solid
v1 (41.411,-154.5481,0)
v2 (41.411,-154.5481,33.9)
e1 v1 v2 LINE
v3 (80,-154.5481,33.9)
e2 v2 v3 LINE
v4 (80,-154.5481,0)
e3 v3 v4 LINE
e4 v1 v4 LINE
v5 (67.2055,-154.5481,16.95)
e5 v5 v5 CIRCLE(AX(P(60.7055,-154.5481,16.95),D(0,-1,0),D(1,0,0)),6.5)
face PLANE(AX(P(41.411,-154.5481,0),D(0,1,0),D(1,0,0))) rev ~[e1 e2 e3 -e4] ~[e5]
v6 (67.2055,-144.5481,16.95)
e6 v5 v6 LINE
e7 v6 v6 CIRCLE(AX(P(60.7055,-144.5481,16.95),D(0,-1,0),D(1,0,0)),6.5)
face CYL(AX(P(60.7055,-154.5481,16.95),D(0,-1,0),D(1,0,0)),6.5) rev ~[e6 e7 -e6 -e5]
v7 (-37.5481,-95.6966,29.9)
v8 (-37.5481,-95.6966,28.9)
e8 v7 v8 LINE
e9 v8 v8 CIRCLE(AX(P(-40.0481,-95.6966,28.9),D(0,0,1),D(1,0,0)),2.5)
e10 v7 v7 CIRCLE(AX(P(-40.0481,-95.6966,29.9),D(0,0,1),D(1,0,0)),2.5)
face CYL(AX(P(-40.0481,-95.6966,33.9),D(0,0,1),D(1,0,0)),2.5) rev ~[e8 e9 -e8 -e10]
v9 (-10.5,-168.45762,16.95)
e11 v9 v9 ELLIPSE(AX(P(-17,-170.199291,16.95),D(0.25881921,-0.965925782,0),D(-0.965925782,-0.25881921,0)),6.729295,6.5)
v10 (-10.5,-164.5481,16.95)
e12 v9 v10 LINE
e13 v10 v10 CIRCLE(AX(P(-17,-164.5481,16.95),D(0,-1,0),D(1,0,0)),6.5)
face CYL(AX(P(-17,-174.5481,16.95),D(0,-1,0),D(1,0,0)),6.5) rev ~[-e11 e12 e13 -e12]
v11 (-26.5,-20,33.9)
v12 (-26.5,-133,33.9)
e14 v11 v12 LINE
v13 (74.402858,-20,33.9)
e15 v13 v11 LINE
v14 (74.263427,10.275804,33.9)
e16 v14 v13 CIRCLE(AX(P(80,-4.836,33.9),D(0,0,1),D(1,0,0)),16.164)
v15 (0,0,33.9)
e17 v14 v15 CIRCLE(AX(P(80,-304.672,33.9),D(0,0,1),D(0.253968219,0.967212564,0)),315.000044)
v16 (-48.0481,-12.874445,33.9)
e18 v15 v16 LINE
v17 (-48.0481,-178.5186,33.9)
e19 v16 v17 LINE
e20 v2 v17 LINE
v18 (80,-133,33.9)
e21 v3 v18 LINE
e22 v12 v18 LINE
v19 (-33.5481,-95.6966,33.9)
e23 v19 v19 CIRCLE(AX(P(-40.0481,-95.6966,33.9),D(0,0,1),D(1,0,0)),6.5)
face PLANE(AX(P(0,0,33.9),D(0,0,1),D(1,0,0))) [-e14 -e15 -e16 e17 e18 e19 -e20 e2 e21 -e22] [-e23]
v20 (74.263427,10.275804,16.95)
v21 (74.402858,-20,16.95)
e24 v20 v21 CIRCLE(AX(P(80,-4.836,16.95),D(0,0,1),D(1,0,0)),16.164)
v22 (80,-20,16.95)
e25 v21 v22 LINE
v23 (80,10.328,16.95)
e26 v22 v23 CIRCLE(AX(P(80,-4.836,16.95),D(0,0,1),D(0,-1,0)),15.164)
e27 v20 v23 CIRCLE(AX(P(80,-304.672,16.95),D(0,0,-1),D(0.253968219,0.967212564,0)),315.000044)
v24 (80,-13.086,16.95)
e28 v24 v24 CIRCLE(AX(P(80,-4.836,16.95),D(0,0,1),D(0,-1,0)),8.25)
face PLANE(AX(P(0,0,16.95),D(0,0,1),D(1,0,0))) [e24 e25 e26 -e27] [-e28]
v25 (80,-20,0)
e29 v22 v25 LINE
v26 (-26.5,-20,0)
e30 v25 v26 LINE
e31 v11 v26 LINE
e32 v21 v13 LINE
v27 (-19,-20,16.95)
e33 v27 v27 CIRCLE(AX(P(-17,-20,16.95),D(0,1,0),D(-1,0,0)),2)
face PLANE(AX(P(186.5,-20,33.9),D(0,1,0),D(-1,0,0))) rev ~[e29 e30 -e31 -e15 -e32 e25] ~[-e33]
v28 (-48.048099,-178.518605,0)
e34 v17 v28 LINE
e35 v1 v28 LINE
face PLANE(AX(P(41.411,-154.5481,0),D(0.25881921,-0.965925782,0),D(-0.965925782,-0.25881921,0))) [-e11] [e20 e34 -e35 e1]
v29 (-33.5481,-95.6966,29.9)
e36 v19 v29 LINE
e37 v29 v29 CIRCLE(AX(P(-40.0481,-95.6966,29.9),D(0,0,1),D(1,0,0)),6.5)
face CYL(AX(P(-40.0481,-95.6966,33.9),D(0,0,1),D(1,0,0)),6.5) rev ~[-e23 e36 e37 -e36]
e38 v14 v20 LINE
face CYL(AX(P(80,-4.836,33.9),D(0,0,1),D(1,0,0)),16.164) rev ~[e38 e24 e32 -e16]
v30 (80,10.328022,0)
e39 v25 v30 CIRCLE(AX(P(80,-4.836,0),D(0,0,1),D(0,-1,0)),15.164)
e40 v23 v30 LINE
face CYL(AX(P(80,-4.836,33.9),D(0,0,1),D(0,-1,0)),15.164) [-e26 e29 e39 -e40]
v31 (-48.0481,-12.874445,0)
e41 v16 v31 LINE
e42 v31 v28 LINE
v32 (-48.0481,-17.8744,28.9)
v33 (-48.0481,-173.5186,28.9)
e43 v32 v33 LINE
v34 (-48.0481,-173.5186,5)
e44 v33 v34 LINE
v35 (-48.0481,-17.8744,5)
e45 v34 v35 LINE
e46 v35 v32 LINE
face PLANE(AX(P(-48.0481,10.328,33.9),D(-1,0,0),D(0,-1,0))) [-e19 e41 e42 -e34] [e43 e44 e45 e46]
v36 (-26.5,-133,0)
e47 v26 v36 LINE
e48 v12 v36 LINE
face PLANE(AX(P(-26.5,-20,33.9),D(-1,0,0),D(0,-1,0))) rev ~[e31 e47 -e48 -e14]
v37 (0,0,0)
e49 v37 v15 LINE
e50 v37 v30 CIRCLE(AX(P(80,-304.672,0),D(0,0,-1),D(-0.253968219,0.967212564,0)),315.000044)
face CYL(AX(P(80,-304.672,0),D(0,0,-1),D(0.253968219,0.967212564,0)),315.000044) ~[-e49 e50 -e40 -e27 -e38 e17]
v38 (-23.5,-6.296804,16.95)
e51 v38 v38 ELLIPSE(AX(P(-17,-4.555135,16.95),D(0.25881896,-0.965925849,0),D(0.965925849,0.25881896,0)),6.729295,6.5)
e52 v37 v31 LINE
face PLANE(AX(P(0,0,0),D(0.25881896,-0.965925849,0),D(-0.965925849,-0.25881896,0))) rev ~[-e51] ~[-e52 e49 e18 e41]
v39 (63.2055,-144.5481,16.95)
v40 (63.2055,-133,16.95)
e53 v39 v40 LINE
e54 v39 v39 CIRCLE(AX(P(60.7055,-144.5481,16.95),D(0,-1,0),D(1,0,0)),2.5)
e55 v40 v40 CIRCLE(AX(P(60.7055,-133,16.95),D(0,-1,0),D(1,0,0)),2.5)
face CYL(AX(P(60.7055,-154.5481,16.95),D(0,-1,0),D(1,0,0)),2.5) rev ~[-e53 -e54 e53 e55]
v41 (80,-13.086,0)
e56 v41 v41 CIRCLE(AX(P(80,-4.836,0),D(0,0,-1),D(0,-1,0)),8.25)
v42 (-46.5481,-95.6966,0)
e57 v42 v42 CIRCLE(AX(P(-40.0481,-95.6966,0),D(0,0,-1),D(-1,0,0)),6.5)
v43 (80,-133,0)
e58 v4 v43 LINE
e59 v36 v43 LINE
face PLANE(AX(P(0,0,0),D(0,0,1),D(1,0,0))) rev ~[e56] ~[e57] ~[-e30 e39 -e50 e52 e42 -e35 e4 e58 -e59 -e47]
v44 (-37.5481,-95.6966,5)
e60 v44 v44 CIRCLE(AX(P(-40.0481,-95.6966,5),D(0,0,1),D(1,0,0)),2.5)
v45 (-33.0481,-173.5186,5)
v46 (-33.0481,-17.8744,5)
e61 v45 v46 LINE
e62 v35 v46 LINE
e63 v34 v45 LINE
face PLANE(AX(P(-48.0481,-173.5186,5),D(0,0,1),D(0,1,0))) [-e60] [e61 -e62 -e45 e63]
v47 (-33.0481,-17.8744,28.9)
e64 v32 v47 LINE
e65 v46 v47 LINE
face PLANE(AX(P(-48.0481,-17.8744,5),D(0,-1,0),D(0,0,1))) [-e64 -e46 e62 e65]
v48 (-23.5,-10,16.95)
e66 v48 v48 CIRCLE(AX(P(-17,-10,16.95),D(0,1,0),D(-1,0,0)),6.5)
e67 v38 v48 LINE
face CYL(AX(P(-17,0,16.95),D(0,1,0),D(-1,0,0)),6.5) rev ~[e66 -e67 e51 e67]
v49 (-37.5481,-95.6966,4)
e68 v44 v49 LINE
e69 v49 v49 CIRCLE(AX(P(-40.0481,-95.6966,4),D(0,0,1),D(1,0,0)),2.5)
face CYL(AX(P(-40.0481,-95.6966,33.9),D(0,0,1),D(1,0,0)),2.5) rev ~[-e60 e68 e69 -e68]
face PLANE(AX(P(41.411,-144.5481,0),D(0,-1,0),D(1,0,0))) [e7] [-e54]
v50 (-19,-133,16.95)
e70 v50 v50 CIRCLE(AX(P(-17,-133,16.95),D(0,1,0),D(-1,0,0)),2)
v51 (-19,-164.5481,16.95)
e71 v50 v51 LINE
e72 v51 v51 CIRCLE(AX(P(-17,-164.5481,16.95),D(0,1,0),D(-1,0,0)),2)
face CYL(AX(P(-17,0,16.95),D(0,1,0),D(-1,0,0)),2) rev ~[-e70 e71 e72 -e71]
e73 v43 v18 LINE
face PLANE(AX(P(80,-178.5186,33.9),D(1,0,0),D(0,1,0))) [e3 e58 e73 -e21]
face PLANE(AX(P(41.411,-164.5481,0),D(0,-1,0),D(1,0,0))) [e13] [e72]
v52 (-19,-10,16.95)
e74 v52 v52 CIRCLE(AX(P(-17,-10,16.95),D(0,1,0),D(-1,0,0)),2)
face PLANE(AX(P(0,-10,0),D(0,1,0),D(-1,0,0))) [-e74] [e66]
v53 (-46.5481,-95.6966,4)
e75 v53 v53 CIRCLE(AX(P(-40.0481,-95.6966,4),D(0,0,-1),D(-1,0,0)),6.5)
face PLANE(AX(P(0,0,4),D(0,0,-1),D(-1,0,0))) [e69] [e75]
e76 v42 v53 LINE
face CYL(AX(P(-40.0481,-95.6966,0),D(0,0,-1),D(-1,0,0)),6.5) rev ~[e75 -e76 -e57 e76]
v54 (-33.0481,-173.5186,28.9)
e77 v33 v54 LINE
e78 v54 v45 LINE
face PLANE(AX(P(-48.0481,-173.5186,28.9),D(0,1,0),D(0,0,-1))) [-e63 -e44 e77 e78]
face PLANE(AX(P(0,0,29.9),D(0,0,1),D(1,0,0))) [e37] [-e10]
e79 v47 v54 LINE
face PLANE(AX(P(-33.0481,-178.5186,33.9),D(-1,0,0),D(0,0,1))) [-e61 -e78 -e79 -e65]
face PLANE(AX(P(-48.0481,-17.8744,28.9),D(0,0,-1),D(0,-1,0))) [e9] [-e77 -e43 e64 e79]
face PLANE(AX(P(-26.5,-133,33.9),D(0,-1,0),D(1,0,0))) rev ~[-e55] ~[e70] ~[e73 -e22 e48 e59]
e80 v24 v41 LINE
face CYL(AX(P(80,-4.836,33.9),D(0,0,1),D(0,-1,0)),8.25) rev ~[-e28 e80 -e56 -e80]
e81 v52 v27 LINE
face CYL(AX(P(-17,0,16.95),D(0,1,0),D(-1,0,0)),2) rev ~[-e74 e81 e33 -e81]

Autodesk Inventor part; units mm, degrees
ref_plane "YZ Plane" through (0, 0, 0) normal (1, 0, 0) x (0, 1, 0)
ref_plane "XZ Plane" through (0, 0, 0) normal (0, 1, 0) x (-1, 0, 0)
sketch "Sketch1" plane through (0, 0, 0) normal (0, 0, 1) x (1, 0, 0)
  line L0 (0, 0) -> (160, 0) construction
  line L1 (160, 0) -> (118.589, -154.5481) construction
  line L2 (0, 0) -> (41.411, -154.5481) construction
  line L3 (41.411, -154.5481) -> (118.589, -154.5481)
  circle A0 centre (235.8871, -103.156) radius 80 construction
  line L4 (160, 0) -> (256.5926, -25.8819)
  line L5 (118.589, -154.5481) -> (215.1815, -180.43)
  arc A1 (215.1815, -180.43) -> (256.5926, -25.8819) centre (235.8871, -103.156) ccw
  circle A2 centre (-75.8871, -103.156) radius 80 construction
  line L6 (0, 0) -> (-96.5926, -25.8819)
  line L7 (41.411, -154.5481) -> (-55.1815, -180.43)
  arc A3 (-96.5926, -25.8819) -> (-55.1815, -180.43) centre (-75.8871, -103.156) ccw
  arc A4 (160, 0) -> (0, 0) centre (80, -304.672) ccw
  dimension "d0" = 160
  dimension "d1" = 160
  dimension "d2" = 160
  dimension "d3" = 75
  dimension "d4" = 75
  dimension "d5" = 160
  dimension "d6" = 100
  dimension "d7" = 160
  dimension "d9" = 100
  dimension "d56" = 315
extrude "Extrusion1" add sketch "Sketch1" along normal blind 33.9
sketch "Sketch2" plane through (0, 0, 33.9) normal (0, 0, 1) x (1, 0, 0)
  line L0 (-26.5, -133) -> (186.5, -133)
  line L1 (186.5, -133) -> (186.5, -20)
  line L2 (186.5, -20) -> (-26.5, -20)
  line L3 (-26.5, -20) -> (-26.5, -133)
  line L4 (0, 0) -> (-96.5926, -25.8819) projected
  arc A0 (160, 0) -> (0, 0) centre (80, -304.672) ccw projected
  line L5 (0, 0) -> (160, 0)
  point P0 (80, -20)
  point P1 (80, 0)
  dimension "d12" = 213
  dimension "d13" = 113
  dimension "d57" = 20
extrude "Extrusion2" cut sketch "Sketch2" against normal through all contours L3 L2 L1 L0
sketch "Sketch3" plane through (0, 0, 33.9) normal (0, 0, 1) x (1, 0, 0)
  line L0 (186.5, -20) -> (186.5, -133) construction
  line L1 (186.5, -133) -> (-26.5, -133) construction
  line L2 (-26.5, -133) -> (-26.5, -20) construction
  line L3 (-26.5, -20) -> (186.5, -20) construction
  line L4 (0, 0) -> (-96.5926, -25.8819) construction
  arc A0 (-96.5926, -25.8819) -> (-55.1815, -180.43) centre (-75.8871, -103.156) ccw construction
  line L5 (-55.1815, -180.43) -> (41.411, -154.5481) construction
  line L6 (41.411, -154.5481) -> (118.589, -154.5481) construction
  line L7 (118.589, -154.5481) -> (215.1815, -180.43) construction
  arc A1 (215.1815, -180.43) -> (256.5926, -25.8819) centre (235.8871, -103.156) ccw construction
  line L8 (256.5926, -25.8819) -> (160, 0) construction
  line L9 (-48.0481, -154.5481) -> (208.0481, -154.5481) construction
  line L10 (208.0481, -154.5481) -> (208.0481, 10.328) construction
  line L11 (-48.0481, 10.328) -> (-48.0481, -154.5481) construction
  line L12 (-48.0481, 10.328) -> (-48.0481, -178.5186)
  line L13 (-55.1815, -180.43) -> (41.411, -154.5481) projected
  line L14 (208.0481, 10.328) -> (208.0481, -178.5186)
  line L15 (118.589, -154.5481) -> (215.1815, -180.43) projected
  line L16 (-48.0481, -178.5186) -> (208.0481, -178.5186)
  line L17 (-48.0481, 10.328) -> (208.0481, 10.328)
  line L18 (-157.6505, -218.8456) -> (317.6505, -218.8456)
  line L19 (317.6505, -218.8456) -> (317.6505, 50.655)
  line L20 (317.6505, 50.655) -> (-157.6505, 50.655)
  line L21 (-157.6505, 50.655) -> (-157.6505, -218.8456)
  arc A2 (160, 0) -> (0, 0) centre (80, -304.672) ccw projected
  point P0 (80, -154.5481)
  point P1 (80, 10.328)
  point P2 (208.0481, -84.0953)
  point P3 (317.6505, -84.0953)
  point P4 (80, 10.328)
  point P5 (80, -218.8456)
  dimension "d22" = 269.5006
  dimension "d23" = 475.3011
extrude "Extrusion3" cut sketch "Sketch3" against normal through all
sketch "Sketch5" plane through (0, 0, 33.9) normal (0, 0, 1) x (1, 0, 0)
  line L0 (118.589, -154.5481) -> (208.0481, -178.5186) projected
  line L1 (208.0481, -178.5186) -> (80, -178.5186)
  line L2 (80, -178.5186) -> (80, 10.328)
  line L3 (80, 10.328) -> (208.0481, 10.328)
  line L4 (208.0481, 10.328) -> (208.0481, -178.5186)
  arc A0 (160, 0) -> (0, 0) centre (80, -304.672) ccw projected
extrude "Extrusion4" cut sketch "Sketch5" against normal through all
sketch "Sketch6" plane through (0, 0, 0) normal (0, 1, 0) x (-1, 0, 0)
  circle A0 centre (17, 16.95) radius 2
  line L0 (26.5, 33.9) -> (26.5, 0) projected
  point P0 (26.5, 16.95)
  dimension "d24" = 4
  dimension "d58" = 9.5
extrude "Extrusion5" cut sketch "Sketch6" along normal through all both and the other way through all
sketch "Sketch7" plane through (0, 0, 0) normal (0, 1, 0) x (-1, 0, 0)
  circle A0 centre (17, 16.95) radius 2 projected
  circle A1 centre (17, 16.95) radius 6.5
  dimension "d59" = 13
extrude "Extrusion6" cut sketch "Sketch7" against normal blind 10
ref_plane "Work Plane1" through (41.411, -174.5481, 0) normal (0, -1, 0) x (1, 0, 0)
sketch "Sketch8" plane through (41.411, -174.5481, 0) normal (0, -1, 0) x (1, 0, 0)
  circle A0 centre (-58.411, 16.95) radius 2 projected
  circle A1 centre (-58.411, 16.95) radius 6.5
  point P0 (-41.411, 0)
  dimension "d32" = 13
extrude "Extrusion7" cut sketch "Sketch8" against normal blind 10
sketch "Sketch11" plane through (41.411, -154.5481, 0) normal (0, -1, 0) x (1, 0, 0)
  line L0 (0, 33.9) -> (38.589, 33.9) projected
  line L1 (0, 0) -> (0, 33.9) projected
  line L2 (0, 0) -> (38.589, 0) projected
  line L3 (38.589, 0) -> (38.589, 33.9) projected
  circle A0 centre (19.2945, 16.95) radius 2.5
  circle A1 centre (19.2945, 16.95) radius 6.5
  point P0 (-41.411, 0)
  point P1 (0, 16.95)
  point P2 (19.2945, 33.9)
  dimension "d73" = 5
  dimension "d74" = 13
extrude "Extrusion10" cut sketch "Sketch11" against normal blind 10 contours A1
sketch "Sketch12" plane through (-48.0481, -178.5186, 33.9) normal (-1, 0, 0) x (0, 0, 1)
  line L0 (-33.9, 0) -> (-33.9, 165.6442) projected
  line L1 (0, 0) -> (-33.9, 0) projected
  line L2 (0, 165.6442) -> (0, 0) projected
  line L3 (-33.9, 165.6442) -> (0, 165.6442) projected
  line L4 (-5, 5) -> (-28.9, 5)
  line L5 (-28.9, 5) -> (-28.9, 160.6442)
  line L6 (-28.9, 160.6442) -> (-5, 160.6442)
  line L7 (-5, 160.6442) -> (-5, 5)
  point P0 (-33.9, 178.5186)
  dimension "d43" = 5
extrude "Extrusion11" cut sketch "Sketch12" against normal blind 15 contours L4 L5 L6 L7
sketch "Sketch13" plane through (0, 0, 33.9) normal (0, 0, 1) x (1, 0, 0)
  circle A0 centre (-40.0481, -95.6966) radius 2.5
  line L0 (-48.0481, -12.8745) -> (-48.0481, -178.5186) projected
  point P0 (0, 0)
  point P1 (-48.0481, -95.6966)
  dimension "d46" = 5
  dimension "d47" = 8
extrude "Extrusion12" cut sketch "Sketch13" against normal through all
sketch "Sketch14" plane through (0, 0, 33.9) normal (0, 0, 1) x (1, 0, 0)
  circle A0 centre (-40.0481, -95.6966) radius 2.5 projected
  circle A1 centre (-40.0481, -95.6966) radius 6.5
  point P0 (0, 0)
  dimension "d50" = 13
extrude "Extrusion13" cut sketch "Sketch14" against normal blind 4
sketch "Sketch15" plane through (0, 0, 0) normal (0, 0, -1) x (-1, 0, 0)
  circle A0 centre (40.0481, -95.6966) radius 2.5 projected
  circle A1 centre (40.0481, -95.6966) radius 2.5 projected
  circle A2 centre (40.0481, -95.6966) radius 6.5
  point P0 (0, 0)
  dimension "d53" = 13
extrude "Extrusion14" cut sketch "Sketch15" against normal blind 4
sketch "Sketch16" plane through (0, 0, 33.9) normal (0, 0, 1) x (1, 0, 0)
  line L0 (80, -20) -> (80, 10.328) construction
  circle A0 centre (80, -4.836) radius 8.25 construction
  circle A1 centre (80, -4.836) radius 15.164 construction
  arc A2 (80, -20) -> (80, 10.328) centre (80, -4.836) ccw
  arc A3 (80, -13.086) -> (80, 3.414) centre (80, -4.836) ccw
  arc A4 (80, 10.328) -> (0, 0) centre (80, -304.672) ccw projected
  line L1 (80, 10.328) -> (80, 3.414)
  line L2 (80, -13.086) -> (80, -20)
  dimension "d62" = 16.5
extrude "Extrusion15" add sketch "Sketch16" against normal blind 33.9
sketch "Sketch17" plane through (0, 0, 33.9) normal (0, 0, 1) x (1, 0, 0)
  arc A0 (80, -13.086) -> (80, 3.414) centre (80, -4.836) ccw construction
  circle A1 centre (80, -4.836) radius 8.25
  point P0 (0, 0)
extrude "Extrusion16" cut sketch "Sketch17" against normal through all
sketch "Sketch19" plane through (0, 0, 33.9) normal (0, 0, 1) x (1, 0, 0)
  circle A0 centre (80, -4.836) radius 8.25 projected
  arc A1 (80, -20) -> (80, 10.328) centre (80, -4.836) ccw projected
  circle A2 centre (80, -4.836) radius 15.164 construction
  circle A3 centre (80, -4.836) radius 16.164
  point P0 (0, 0)
  dimension "d72" = 1
extrude "Extrusion18" cut sketch "Sketch19" against normal blind 16.95
sketch "Sketch20" plane through (60.7055, -154.5481, 16.95) normal (0, -1, 0) x (1, 0, 0)
  circle A0 centre (0, 0) radius 2.5 projected
  point P0 (-60.7055, -16.95)
extrude "Extrusion19" cut sketch "Sketch20" against normal blind 50
properties part number "Riser Base" material "ABS Plastic"
